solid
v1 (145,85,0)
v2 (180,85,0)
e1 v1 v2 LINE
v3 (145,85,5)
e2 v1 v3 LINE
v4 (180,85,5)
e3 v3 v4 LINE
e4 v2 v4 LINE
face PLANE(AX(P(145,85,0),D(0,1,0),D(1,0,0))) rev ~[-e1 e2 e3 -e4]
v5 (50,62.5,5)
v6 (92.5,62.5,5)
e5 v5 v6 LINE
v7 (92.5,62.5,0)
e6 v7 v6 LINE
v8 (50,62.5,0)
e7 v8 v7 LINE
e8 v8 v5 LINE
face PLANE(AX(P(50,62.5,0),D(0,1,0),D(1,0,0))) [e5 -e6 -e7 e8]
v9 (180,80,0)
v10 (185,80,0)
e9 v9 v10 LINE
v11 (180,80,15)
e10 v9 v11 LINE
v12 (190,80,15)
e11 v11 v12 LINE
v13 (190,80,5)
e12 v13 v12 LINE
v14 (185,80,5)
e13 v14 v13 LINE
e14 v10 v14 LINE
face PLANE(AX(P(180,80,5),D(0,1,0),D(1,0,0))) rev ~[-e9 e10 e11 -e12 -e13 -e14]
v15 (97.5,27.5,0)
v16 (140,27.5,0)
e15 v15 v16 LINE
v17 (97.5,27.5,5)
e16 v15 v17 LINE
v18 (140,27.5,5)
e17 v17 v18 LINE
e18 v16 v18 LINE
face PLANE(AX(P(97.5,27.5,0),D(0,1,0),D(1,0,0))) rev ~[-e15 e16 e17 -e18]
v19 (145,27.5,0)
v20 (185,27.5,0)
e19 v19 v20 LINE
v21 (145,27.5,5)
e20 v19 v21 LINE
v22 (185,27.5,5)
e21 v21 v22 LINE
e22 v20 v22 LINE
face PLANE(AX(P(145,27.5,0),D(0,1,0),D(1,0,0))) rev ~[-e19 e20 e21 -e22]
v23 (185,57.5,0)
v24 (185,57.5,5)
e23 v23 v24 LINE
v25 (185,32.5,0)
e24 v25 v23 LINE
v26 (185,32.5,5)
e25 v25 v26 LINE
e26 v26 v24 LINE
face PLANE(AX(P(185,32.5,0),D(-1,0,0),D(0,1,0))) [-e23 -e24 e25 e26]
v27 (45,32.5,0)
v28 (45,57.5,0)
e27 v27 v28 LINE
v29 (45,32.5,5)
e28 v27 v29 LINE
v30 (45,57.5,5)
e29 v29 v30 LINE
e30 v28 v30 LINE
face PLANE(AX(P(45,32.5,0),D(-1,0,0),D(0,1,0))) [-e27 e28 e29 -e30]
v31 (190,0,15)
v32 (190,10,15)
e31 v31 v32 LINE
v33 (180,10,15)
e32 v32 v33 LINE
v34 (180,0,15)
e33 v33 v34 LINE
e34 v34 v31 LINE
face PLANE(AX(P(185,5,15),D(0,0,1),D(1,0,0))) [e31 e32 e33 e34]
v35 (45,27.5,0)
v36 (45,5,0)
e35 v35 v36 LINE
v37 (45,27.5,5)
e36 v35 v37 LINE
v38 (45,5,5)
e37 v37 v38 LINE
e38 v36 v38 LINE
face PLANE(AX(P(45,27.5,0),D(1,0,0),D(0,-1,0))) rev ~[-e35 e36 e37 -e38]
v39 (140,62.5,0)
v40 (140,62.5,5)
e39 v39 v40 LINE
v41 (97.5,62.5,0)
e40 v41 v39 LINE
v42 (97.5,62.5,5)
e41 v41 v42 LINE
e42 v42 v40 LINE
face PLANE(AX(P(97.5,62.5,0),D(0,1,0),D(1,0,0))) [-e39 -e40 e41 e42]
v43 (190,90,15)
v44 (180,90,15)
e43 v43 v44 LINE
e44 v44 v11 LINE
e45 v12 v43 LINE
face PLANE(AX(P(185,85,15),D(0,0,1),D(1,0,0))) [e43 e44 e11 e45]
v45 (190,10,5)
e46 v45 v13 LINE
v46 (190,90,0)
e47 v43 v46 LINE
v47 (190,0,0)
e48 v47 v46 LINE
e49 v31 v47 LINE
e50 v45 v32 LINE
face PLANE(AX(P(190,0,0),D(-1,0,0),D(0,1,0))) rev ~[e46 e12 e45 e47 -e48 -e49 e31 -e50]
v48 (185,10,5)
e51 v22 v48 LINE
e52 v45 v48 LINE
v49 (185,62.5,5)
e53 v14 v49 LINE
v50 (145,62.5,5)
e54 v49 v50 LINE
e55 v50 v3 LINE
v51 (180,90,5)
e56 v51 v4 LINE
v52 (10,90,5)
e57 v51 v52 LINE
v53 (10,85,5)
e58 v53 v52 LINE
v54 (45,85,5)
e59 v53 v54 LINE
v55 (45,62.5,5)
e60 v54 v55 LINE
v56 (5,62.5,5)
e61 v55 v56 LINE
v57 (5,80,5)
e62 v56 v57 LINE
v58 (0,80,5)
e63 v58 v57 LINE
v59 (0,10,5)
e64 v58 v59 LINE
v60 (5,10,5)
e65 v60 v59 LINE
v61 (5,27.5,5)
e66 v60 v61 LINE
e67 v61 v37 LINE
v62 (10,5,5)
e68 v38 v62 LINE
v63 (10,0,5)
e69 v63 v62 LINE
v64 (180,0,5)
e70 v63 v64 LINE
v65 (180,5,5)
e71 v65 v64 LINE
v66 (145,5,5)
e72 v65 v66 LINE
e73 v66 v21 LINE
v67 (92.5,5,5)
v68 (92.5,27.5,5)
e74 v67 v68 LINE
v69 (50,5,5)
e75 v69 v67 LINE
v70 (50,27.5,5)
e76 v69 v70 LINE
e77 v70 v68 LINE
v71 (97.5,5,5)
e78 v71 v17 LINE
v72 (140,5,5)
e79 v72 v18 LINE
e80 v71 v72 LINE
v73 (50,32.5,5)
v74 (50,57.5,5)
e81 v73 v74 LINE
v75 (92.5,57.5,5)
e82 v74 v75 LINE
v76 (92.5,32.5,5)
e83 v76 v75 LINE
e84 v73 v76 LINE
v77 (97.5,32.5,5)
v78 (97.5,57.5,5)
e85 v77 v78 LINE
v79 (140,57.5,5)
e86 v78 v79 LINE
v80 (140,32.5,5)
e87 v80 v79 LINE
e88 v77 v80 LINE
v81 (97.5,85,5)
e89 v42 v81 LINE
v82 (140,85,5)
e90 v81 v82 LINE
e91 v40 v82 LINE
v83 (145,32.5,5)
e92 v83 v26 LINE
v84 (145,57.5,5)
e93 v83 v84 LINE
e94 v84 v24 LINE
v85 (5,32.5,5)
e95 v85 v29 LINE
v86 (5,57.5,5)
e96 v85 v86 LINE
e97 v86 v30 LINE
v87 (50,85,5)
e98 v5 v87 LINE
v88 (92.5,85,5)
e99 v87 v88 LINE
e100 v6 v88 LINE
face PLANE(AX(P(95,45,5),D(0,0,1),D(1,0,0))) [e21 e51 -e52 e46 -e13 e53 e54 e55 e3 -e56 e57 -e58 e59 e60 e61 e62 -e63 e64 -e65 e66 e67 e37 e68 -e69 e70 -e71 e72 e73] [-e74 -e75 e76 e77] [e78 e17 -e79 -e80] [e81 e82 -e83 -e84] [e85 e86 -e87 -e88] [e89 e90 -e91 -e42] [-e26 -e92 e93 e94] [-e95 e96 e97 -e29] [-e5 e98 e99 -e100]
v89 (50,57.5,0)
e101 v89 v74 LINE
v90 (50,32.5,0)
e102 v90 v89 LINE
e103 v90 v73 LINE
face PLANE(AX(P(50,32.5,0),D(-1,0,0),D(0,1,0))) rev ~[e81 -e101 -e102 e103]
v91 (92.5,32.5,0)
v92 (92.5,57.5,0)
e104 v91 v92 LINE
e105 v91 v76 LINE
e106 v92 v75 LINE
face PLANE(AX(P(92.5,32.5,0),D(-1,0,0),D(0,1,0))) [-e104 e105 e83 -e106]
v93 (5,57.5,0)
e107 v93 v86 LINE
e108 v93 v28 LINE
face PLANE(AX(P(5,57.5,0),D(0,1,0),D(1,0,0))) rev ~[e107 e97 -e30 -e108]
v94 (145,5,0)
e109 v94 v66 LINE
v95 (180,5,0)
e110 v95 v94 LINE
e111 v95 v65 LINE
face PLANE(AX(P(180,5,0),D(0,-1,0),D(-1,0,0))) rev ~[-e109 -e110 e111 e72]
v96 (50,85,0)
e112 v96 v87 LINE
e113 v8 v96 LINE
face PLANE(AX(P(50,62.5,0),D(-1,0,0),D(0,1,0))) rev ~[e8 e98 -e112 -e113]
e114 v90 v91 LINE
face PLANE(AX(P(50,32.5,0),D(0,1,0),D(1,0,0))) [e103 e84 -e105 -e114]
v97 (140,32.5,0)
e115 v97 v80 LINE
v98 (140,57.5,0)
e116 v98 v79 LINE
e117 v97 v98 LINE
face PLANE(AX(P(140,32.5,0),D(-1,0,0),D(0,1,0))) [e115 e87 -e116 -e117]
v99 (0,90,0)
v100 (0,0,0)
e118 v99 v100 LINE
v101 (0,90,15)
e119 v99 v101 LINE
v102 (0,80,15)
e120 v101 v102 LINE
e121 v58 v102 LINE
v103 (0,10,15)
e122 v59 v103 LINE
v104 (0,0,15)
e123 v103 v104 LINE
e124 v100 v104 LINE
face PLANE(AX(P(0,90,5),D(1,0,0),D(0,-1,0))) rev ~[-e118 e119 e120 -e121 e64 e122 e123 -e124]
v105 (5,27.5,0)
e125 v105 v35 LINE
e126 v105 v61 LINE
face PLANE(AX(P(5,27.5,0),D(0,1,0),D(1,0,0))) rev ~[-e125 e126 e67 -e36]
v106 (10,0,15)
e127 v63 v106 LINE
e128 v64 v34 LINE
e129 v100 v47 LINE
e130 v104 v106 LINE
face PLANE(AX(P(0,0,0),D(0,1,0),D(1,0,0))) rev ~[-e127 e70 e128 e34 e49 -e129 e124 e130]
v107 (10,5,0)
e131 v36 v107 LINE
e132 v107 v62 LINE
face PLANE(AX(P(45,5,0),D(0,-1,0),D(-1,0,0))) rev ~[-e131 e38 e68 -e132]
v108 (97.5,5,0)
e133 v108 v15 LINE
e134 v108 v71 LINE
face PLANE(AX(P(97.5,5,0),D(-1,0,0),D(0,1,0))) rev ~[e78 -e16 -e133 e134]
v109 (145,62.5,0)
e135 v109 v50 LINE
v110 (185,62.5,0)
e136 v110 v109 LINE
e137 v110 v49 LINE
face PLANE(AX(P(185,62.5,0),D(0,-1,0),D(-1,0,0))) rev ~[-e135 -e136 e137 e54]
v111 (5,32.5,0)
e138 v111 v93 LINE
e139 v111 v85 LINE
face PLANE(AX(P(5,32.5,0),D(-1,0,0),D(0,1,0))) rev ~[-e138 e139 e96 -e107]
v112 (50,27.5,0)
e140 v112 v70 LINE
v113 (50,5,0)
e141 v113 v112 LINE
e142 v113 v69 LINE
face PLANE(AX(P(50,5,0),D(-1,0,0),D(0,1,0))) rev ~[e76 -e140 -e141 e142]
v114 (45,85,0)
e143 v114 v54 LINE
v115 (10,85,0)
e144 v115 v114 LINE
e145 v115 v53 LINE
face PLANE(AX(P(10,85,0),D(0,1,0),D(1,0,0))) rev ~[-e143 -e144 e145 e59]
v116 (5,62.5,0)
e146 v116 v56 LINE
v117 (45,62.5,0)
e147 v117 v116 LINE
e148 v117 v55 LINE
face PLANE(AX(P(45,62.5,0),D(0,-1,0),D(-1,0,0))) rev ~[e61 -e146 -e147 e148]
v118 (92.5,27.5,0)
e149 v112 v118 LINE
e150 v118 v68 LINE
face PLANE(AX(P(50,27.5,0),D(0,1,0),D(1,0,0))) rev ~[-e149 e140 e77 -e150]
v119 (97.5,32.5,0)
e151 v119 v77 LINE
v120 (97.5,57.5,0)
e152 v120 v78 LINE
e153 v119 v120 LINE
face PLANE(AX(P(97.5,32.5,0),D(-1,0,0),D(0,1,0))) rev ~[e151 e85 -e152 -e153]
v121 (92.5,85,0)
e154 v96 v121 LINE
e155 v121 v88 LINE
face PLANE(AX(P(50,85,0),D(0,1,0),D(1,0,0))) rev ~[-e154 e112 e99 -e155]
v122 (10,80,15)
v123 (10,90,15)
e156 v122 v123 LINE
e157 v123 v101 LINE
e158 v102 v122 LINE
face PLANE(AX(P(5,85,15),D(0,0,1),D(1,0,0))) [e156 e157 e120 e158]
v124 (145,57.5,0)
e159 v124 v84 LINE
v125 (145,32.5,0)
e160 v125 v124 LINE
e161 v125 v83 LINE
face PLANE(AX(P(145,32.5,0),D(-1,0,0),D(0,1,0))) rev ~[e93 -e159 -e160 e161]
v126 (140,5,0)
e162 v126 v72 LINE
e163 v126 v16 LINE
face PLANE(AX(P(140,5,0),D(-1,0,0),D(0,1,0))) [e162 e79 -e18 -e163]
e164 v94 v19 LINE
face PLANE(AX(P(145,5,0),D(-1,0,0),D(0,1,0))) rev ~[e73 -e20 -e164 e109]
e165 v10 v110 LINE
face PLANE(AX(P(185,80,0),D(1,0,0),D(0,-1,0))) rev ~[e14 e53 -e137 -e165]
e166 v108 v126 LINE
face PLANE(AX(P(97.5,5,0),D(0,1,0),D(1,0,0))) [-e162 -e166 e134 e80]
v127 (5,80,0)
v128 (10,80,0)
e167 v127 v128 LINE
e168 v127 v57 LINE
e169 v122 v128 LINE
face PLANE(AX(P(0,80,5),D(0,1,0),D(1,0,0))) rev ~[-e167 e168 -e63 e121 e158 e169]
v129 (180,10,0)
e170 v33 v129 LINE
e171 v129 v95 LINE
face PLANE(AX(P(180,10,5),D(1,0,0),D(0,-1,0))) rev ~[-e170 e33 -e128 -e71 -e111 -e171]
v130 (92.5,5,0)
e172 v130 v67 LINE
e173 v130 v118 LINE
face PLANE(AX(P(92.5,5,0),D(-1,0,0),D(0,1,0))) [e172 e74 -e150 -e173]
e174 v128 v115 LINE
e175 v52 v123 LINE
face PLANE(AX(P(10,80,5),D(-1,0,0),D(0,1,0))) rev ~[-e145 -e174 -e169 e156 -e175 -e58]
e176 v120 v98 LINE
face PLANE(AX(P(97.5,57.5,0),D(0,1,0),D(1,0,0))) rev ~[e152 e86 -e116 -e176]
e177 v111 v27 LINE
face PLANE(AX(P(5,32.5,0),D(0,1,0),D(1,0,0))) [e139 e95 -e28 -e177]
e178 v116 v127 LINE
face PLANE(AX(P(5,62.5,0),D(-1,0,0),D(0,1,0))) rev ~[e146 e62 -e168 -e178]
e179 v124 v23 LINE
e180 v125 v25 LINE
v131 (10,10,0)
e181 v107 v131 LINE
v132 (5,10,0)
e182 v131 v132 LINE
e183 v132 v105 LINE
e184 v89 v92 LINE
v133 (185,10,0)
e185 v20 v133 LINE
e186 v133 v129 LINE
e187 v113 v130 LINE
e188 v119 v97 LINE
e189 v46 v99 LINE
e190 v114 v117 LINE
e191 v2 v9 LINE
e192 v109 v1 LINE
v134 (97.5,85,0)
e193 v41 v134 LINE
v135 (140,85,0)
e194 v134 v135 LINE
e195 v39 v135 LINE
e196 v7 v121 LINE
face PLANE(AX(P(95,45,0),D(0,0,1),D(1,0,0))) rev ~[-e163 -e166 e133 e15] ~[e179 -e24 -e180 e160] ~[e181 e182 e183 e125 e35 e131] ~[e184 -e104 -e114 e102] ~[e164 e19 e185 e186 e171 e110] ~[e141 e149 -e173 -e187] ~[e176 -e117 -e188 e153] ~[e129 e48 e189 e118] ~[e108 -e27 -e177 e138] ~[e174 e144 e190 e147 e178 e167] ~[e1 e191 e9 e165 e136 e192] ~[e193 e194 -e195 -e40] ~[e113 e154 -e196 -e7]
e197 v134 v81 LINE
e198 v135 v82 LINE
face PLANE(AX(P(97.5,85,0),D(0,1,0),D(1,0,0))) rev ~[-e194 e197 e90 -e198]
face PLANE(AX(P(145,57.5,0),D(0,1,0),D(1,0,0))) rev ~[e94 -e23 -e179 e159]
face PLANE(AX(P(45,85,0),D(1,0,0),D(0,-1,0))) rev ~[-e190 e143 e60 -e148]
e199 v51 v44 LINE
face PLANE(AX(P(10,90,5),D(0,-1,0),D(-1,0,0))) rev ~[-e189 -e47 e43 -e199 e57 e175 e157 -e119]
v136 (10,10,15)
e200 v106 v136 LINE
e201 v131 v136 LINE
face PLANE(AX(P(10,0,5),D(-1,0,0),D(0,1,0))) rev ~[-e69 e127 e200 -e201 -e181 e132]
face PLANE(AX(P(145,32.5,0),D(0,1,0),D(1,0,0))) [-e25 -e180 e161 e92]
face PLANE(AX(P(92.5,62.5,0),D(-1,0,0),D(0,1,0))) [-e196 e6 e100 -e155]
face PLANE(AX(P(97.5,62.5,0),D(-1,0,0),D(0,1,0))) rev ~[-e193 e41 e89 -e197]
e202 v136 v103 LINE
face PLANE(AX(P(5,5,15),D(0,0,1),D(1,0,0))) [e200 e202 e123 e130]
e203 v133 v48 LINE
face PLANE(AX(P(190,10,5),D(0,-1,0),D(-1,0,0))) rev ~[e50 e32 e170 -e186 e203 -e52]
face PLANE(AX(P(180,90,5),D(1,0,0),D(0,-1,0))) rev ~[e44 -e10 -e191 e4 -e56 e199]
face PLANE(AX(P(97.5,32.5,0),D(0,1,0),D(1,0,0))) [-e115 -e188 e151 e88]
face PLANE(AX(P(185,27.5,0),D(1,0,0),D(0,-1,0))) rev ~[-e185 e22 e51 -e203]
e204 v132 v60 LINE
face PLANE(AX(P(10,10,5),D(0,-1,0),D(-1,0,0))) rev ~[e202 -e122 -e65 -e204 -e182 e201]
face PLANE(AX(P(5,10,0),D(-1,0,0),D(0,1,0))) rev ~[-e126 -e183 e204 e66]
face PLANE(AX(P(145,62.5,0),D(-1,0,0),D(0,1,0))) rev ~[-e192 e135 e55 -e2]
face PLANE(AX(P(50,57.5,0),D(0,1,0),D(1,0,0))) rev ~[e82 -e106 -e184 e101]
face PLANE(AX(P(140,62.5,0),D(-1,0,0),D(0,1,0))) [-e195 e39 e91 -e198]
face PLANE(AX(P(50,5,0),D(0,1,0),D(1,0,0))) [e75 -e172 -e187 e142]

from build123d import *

# Parameters (mm, degrees)
F0_W     = 42.5
F0_H     = 22.5
F0_W_2   = 40
F0_H_2   = 25
F1_DEPTH = 5
F3_DEPTH = 10


with BuildPart() as f1:
    # F0 (on Top) → F1 (new body)
    with BuildSketch(Plane.XY):
        Polygon((10, 5), (10, 0), (180, 0), (180, 5), (145, 5), (145, 27.5), (185, 27.5), (185, 10), (190, 10), (190, 80), (185, 80), (185, 62.5), (145, 62.5), (145, 85), (180, 85), (180, 90), (10, 90), (10, 85), (45, 85), (45, 62.5), (5, 62.5), (5, 80), (0, 80), (0, 10), (5, 10), (5, 27.5), (45, 27.5), (45, 5), align=None)
        with Locations((71.25, 16.25)):
            Rectangle(F0_W, F0_H, mode=Mode.SUBTRACT)
        with Locations((118.75, 16.25)):
            Rectangle(F0_W, F0_H, mode=Mode.SUBTRACT)
        with Locations((25, 45)):
            Rectangle(F0_W_2, F0_H_2, mode=Mode.SUBTRACT)
        with Locations((71.25, 45)):
            Rectangle(F0_W, F0_H_2, mode=Mode.SUBTRACT)
        with Locations((71.25, 73.75)):
            Rectangle(F0_W, F0_H, mode=Mode.SUBTRACT)
        with Locations((118.75, 45)):
            Rectangle(F0_W, F0_H_2, mode=Mode.SUBTRACT)
        with Locations((165, 45)):
            Rectangle(F0_W_2, F0_H_2, mode=Mode.SUBTRACT)
        with Locations((118.75, 73.75)):
            Rectangle(F0_W, F0_H, mode=Mode.SUBTRACT)
        Polygon((0, 90), (0, 80), (5, 80), (10, 80), (10, 85), (10, 90), align=None)
        Polygon((0, 10), (0, 0), (10, 0), (10, 5), (10, 10), (5, 10), align=None)
        Polygon((185, 80), (190, 80), (190, 90), (180, 90), (180, 85), (180, 80), align=None)
        Polygon((180, 5), (180, 0), (190, 0), (190, 10), (185, 10), (180, 10), align=None)
    extrude(amount=F1_DEPTH)

    # F2 (on face) → F3 (join)
    with BuildSketch(Plane.XY.offset(5)):
        Polygon((10, 90), (0, 90), (0, 80), (5, 80), (10, 80), (10, 85), align=None)
        Polygon((190, 90), (180, 90), (180, 85), (180, 80), (185, 80), (190, 80), align=None)
        Polygon((190, 0), (190, 10), (185, 10), (180, 10), (180, 5), (180, 0), align=None)
        Polygon((5, 10), (0, 10), (0, 0), (10, 0), (10, 5), (10, 10), align=None)
    extrude(amount=F3_DEPTH)


solid = f1.part
